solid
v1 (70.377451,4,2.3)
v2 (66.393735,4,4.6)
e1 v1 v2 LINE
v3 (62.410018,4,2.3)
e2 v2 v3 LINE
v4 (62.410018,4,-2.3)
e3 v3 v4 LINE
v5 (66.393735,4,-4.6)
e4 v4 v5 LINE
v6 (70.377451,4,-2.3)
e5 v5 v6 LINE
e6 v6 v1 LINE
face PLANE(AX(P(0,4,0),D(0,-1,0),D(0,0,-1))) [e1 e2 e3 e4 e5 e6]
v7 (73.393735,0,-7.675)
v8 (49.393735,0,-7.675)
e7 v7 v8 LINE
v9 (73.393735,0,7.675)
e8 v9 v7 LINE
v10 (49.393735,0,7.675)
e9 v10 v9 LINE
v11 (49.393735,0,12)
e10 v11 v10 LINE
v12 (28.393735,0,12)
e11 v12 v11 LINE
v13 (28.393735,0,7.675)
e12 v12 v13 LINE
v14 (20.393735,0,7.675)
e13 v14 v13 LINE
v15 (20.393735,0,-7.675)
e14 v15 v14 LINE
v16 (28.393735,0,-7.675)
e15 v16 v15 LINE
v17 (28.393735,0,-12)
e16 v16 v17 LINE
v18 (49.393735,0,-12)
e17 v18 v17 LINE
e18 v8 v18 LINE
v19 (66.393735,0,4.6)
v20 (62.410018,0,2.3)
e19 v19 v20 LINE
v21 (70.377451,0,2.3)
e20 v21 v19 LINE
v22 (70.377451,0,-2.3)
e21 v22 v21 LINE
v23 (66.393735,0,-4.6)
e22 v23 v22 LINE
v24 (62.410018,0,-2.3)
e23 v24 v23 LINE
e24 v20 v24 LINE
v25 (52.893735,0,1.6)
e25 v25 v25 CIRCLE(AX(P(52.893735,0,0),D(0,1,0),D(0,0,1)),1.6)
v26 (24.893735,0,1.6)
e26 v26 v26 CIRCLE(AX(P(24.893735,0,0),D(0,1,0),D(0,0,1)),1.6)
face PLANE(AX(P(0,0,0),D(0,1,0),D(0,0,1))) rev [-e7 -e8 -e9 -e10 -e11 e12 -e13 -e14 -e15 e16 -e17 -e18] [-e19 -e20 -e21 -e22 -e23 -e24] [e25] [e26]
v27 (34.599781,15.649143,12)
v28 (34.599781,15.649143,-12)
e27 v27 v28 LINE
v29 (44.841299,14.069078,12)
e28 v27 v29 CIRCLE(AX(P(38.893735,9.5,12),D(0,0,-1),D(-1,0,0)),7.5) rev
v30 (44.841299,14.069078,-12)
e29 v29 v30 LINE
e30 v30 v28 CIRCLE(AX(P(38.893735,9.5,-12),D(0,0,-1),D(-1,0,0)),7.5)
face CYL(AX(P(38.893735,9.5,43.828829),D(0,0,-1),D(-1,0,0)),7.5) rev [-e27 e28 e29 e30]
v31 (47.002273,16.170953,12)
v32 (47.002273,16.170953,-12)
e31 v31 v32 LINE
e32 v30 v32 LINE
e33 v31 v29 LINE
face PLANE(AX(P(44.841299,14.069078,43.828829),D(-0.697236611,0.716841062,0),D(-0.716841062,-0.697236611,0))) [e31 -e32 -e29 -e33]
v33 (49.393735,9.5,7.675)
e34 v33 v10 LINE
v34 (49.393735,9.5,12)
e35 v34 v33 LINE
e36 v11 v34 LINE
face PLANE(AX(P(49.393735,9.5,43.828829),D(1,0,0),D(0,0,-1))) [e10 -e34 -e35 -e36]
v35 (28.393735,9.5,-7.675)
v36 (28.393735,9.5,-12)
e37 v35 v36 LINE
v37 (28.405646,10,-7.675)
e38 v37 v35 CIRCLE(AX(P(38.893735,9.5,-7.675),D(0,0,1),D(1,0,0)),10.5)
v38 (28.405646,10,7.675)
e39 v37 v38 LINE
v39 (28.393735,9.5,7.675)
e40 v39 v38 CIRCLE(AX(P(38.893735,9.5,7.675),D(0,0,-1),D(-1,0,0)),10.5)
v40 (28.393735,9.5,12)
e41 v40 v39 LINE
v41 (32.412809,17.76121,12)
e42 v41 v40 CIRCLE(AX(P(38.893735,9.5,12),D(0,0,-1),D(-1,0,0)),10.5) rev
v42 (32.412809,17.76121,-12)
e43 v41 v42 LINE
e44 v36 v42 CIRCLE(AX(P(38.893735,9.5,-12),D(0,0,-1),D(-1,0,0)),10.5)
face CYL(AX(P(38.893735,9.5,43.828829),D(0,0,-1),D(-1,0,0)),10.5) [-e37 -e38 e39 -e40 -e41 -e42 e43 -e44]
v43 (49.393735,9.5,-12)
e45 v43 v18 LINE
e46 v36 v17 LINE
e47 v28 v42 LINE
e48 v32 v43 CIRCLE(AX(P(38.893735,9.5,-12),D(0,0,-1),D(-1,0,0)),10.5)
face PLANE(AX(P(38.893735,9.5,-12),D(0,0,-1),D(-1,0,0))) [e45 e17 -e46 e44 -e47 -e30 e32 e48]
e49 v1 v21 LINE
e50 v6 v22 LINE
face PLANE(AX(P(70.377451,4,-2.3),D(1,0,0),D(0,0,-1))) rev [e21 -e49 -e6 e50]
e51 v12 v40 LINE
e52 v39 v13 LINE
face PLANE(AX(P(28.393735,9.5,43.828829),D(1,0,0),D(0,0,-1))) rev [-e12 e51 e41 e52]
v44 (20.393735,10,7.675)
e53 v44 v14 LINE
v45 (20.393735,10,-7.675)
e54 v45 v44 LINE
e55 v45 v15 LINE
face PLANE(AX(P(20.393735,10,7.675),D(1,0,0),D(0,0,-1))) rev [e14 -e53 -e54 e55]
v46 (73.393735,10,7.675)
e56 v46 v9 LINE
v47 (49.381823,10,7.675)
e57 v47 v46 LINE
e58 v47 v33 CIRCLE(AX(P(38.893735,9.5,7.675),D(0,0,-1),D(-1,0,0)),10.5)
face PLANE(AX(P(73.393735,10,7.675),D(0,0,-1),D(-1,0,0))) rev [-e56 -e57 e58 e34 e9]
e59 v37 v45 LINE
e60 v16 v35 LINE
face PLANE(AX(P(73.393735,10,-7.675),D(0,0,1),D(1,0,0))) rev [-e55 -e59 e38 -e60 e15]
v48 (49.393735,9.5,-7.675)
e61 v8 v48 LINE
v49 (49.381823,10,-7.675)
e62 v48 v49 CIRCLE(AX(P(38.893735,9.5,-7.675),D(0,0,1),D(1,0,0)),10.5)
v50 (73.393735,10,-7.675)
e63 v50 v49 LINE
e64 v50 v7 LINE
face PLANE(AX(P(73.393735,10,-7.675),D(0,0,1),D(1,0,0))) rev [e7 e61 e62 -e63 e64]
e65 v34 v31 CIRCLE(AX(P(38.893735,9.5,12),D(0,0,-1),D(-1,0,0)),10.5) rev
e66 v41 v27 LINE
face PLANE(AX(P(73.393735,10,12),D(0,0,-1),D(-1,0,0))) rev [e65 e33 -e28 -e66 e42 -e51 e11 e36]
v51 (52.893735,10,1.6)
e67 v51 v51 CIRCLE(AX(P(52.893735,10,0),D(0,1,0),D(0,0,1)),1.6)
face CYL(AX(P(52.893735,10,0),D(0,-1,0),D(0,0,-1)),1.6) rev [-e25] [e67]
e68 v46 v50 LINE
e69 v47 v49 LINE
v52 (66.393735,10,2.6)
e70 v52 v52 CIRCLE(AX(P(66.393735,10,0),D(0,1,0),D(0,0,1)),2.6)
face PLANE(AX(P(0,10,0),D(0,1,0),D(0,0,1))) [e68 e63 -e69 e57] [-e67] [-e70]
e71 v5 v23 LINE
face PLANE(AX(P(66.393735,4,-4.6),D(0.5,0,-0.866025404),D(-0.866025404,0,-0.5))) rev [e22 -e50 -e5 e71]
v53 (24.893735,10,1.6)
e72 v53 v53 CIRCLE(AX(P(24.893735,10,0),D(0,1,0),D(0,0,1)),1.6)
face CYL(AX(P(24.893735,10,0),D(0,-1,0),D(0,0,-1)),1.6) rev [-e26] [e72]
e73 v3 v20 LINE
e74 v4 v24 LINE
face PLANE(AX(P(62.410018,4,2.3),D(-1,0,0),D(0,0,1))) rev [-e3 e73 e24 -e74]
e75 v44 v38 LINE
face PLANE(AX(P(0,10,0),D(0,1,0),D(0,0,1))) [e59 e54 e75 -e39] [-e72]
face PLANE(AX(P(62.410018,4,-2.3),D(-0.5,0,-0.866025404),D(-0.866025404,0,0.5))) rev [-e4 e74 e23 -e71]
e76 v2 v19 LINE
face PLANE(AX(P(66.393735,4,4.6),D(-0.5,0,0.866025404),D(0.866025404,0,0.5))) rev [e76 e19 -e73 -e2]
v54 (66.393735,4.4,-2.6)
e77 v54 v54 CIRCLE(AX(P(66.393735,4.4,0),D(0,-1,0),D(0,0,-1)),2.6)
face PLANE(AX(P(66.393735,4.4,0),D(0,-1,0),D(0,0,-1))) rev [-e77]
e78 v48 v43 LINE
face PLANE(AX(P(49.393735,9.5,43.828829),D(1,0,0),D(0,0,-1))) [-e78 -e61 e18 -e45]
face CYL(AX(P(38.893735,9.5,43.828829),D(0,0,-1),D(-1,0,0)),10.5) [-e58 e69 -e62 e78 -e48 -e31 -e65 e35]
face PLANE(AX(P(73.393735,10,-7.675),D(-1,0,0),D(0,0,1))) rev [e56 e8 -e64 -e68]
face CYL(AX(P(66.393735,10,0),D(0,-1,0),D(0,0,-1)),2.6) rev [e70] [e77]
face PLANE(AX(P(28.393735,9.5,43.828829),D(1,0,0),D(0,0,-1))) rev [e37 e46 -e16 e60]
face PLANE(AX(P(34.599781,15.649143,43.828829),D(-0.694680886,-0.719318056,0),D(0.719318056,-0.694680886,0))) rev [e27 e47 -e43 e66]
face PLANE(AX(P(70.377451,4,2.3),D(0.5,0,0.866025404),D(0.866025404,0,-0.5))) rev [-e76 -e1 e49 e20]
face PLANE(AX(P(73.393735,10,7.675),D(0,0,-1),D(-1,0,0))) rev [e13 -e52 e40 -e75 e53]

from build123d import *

# Parameters (mm, degrees)
SKETCH1_W                = 53
SKETCH1_H                = 15.35
SKETCH1_R                = 1.6
SKETCH1_R_2              = 2.6
BOSS_EXTRUDE1_DEPTH      = 10
BOSS_EXTRUDE2_DEPTH      = 4.325
BOSS_EXTRUDE2_DEPTH_BACK = 19.675
CUT_EXTRUDE1_DEPTH       = 79.033367864
CUT_EXTRUDE2_DEPTH       = 4
SKETCH5_R                = 2.6
BOSS_EXTRUDE3_DEPTH      = 0.4


with BuildPart() as part:
    # Sketch1 → Boss-Extrude1 (new body)
    with BuildSketch(Plane(origin=(0, 0, 0), x_dir=(1, 0, 0), z_dir=(0, 1, 0))):
        with Locations((46.893734614, 0)):
            Rectangle(SKETCH1_W, SKETCH1_H)
        with Locations(Location((52.893734614, 0, 0), (0, 0, 270))):
            Circle(SKETCH1_R, mode=Mode.SUBTRACT)
        with Locations(Location((24.893734614, 0, 0), (0, 0, 270))):
            Circle(SKETCH1_R, mode=Mode.SUBTRACT)
        with Locations(Location((66.393734614, 0, 0), (0, 0, 270))):
            Circle(SKETCH1_R_2, mode=Mode.SUBTRACT)
    extrude(amount=BOSS_EXTRUDE1_DEPTH)

    # Sketch2 → Boss-Extrude2 (add, two sides: drawn at the far end of the back side and taken through both)
    with BuildSketch(Plane(origin=(0, 0, -7.675), x_dir=(-1, 0, 0), z_dir=(0, 0, -1)).offset(-BOSS_EXTRUDE2_DEPTH_BACK)):
        with BuildLine():
            Line((-44.841298991, 14.069078461), (-47.002272565, 16.170952878))
            ThreePointArc((-47.002272565, 16.170952878), (-48.777803829, 13.043328345), (-49.393734614, 9.5))
            Line((-49.393734614, 9.5), (-49.393734614, 0))
            Line((-49.393734614, 0), (-28.393734614, 0))
            Line((-28.393734614, 0), (-28.393734614, 9.5))
            ThreePointArc((-28.393734614, 9.5), (-29.451814157, 14.09348866), (-32.412808532, 17.761210391))
            Line((-32.412808532, 17.761210391), (-34.599781066, 15.649143267))
            ThreePointArc((-34.599781066, 15.649143267), (-37.750161971, 2.087696606), (-44.841298991, 14.069078461))
        make_face()
    extrude(amount=BOSS_EXTRUDE2_DEPTH + BOSS_EXTRUDE2_DEPTH_BACK)

    # Sketch3 → Cut-Extrude1 (cut, through all)
    with BuildSketch(Plane.XY.offset(7.675)):
        with BuildLine():
            Line((46.377049388, 10), (31.410419841, 10))
            ThreePointArc((31.410419841, 10), (38.893734614, 2), (46.377049388, 10))
        make_face()
    extrude(amount=-CUT_EXTRUDE1_DEPTH, mode=Mode.SUBTRACT)

    # Sketch4 → Cut-Extrude2 (cut)
    with BuildSketch(Plane.XZ):
        Polygon((62.410017757, 2.3), (62.410017757, -2.3), (66.393734614, -4.6), (70.377451472, -2.3), (70.377451472, 2.3), (66.393734614, 4.6), align=None)
    extrude(amount=-CUT_EXTRUDE2_DEPTH, mode=Mode.SUBTRACT)

    # Sketch5 → Boss-Extrude3 (add)
    with BuildSketch(Plane.XZ.offset(-4)):
        with Locations(Location((66.393734614, 0, 0), (0, 0, 270))):
            Circle(SKETCH5_R)
    extrude(amount=-BOSS_EXTRUDE3_DEPTH)


solid = part.part
